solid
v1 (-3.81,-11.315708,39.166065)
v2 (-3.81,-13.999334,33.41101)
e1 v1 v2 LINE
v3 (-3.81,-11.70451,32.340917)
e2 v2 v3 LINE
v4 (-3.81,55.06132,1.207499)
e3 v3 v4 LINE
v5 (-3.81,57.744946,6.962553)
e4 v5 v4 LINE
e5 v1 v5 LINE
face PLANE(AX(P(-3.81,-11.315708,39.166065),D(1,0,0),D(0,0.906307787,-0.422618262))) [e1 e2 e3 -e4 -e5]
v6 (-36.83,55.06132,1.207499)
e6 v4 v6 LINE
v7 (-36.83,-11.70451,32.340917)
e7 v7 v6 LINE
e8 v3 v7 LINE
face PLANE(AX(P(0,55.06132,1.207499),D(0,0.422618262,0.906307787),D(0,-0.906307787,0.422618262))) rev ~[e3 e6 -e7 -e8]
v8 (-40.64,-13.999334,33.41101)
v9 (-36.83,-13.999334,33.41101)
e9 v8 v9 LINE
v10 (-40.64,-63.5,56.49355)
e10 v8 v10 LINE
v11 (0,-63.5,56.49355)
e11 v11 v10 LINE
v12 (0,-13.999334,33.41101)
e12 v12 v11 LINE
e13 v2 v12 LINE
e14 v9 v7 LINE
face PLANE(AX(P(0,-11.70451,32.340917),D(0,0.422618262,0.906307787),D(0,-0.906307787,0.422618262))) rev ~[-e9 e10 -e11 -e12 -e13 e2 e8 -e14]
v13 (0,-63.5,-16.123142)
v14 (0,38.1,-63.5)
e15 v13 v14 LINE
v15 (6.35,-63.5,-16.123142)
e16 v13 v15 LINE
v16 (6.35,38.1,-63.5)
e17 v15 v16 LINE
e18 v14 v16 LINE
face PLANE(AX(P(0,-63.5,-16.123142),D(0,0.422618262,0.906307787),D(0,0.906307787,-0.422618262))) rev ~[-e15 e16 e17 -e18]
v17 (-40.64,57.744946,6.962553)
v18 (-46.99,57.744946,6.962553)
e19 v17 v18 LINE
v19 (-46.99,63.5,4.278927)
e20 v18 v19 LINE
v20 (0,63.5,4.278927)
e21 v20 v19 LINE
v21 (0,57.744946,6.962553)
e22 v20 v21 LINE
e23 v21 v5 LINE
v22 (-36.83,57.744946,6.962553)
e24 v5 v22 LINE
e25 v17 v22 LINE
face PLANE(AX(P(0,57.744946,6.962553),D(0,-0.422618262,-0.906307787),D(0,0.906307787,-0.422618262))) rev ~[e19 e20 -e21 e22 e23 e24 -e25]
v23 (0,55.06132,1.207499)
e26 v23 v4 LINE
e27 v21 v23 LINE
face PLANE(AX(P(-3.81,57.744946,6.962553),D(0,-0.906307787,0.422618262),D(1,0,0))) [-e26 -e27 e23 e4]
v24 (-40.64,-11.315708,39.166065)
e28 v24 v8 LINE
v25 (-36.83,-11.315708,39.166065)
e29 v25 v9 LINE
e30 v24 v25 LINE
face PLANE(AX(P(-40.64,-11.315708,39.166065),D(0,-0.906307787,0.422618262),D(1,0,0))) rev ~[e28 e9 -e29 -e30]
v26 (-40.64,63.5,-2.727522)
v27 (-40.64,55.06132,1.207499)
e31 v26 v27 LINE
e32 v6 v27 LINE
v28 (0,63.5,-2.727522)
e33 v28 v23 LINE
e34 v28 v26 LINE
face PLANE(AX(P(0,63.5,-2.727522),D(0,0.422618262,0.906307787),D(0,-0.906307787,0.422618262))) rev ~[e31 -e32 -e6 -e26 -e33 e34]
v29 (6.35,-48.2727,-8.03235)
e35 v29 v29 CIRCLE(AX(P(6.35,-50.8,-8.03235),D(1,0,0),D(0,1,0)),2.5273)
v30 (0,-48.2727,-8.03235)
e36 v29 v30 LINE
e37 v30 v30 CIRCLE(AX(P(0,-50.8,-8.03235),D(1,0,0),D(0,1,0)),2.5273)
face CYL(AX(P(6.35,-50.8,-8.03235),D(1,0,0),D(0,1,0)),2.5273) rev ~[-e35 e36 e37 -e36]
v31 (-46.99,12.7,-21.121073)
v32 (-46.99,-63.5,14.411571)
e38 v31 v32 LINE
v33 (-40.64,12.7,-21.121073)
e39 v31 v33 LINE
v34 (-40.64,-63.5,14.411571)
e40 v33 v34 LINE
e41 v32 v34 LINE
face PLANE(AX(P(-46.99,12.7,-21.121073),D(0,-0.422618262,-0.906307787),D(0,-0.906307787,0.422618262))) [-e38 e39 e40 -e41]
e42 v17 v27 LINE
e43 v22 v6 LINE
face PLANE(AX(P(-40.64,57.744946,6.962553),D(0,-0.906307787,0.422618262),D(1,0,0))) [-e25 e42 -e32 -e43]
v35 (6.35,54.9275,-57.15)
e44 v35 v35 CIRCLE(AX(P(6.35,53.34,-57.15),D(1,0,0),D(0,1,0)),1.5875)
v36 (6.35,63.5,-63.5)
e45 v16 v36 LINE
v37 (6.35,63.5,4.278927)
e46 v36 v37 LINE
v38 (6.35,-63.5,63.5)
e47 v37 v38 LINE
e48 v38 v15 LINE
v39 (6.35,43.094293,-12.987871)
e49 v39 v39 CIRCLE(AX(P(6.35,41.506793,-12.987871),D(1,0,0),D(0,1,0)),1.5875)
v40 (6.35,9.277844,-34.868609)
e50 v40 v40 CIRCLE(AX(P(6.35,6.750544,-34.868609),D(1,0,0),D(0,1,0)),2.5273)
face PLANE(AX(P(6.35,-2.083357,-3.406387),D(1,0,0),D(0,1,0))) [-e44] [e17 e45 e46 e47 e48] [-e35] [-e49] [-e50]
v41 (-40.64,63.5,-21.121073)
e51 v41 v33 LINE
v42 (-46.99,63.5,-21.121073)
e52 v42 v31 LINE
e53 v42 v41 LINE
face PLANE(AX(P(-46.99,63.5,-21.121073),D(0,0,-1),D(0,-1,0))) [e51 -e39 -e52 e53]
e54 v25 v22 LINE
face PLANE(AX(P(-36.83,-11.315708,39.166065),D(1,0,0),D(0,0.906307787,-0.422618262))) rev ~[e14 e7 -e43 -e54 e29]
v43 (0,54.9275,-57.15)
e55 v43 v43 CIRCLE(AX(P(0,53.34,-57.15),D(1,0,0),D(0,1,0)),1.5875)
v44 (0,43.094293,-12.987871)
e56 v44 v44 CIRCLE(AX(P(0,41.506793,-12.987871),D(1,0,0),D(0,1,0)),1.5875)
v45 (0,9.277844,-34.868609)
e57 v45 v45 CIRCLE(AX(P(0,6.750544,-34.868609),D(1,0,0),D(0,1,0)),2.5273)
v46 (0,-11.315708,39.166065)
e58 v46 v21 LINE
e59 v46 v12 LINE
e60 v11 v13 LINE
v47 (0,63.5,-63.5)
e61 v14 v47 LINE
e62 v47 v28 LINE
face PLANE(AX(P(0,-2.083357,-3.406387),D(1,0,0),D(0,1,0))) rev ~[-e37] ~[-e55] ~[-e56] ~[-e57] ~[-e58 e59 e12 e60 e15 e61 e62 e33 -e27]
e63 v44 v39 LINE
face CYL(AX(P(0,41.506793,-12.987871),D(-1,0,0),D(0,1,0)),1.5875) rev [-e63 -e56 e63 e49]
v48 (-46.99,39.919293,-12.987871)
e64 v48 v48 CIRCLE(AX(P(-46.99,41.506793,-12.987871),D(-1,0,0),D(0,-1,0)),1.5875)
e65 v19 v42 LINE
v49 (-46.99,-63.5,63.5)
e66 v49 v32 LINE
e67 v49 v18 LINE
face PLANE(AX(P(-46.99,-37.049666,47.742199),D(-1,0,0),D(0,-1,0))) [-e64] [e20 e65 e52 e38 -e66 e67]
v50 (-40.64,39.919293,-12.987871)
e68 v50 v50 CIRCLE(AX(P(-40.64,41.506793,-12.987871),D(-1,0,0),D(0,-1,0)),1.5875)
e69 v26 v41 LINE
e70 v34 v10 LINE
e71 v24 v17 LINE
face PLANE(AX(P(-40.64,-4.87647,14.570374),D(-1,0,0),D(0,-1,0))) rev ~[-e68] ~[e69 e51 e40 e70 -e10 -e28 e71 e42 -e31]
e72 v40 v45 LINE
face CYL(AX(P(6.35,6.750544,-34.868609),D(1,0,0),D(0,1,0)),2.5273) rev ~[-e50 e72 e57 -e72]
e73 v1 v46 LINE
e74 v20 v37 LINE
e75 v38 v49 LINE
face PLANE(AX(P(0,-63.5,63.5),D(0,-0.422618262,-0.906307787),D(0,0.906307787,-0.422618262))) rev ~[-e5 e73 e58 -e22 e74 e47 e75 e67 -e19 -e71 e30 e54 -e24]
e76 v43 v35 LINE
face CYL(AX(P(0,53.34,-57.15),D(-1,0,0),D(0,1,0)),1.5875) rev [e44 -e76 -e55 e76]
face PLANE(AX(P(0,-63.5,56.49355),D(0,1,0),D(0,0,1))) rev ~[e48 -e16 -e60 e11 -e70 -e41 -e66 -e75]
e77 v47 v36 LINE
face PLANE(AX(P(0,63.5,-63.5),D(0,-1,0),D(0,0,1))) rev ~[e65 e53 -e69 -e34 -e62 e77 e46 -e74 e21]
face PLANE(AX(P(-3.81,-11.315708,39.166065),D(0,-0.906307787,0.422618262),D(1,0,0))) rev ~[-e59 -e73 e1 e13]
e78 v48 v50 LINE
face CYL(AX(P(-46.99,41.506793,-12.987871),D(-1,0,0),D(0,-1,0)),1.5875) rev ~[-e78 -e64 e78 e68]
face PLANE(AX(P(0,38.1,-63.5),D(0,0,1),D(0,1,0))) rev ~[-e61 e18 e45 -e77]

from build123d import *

# Parameters (mm, degrees)
F0_R     = 1.5875
F1_DEPTH = 6.35
F3_DEPTH = 46.99
F4_R     = 1.5875
F5_DEPTH = 6.35
F6_W     = 3.81
F6_H     = 76.2
F7_DEPTH = 6.35
F8_R     = 2.5273
F9_DEPTH = 6.35


with BuildPart() as f1:
    # F0 (on Right) → F1 (new body)
    with BuildSketch(Plane.YZ):
        Polygon((63.5, -63.5), (63.5, 4.2789274143), (-63.5, 63.5), (-63.5, -16.1231419315), (38.1, -63.5), align=None)
        with Locations((53.34, -57.15)):
            Circle(F0_R, mode=Mode.SUBTRACT)
        with Locations((41.5067932579, -12.9878712221)):
            Circle(F0_R, mode=Mode.SUBTRACT)
    extrude(amount=F1_DEPTH)

    # F2 (on face) → F3 (join)
    with BuildSketch(Plane(origin=(0, 0, 0), x_dir=(0, -1, 0), z_dir=(-1, 0, 0))):
        Polygon((11.7045099709, 32.3409165561), (63.5, 56.4935502146), (63.5, 63.5), (9.0208840088, 38.0959710038), align=None)
        Polygon((-63.5, -2.7275223711), (-55.0613195903, 1.2074989287), (-57.7449455523, 6.9625533764), (-63.5, 4.2789274143), align=None)
        Polygon((-55.0613195903, 1.2074989287), (11.7045099709, 32.3409165561), (9.0208840088, 38.0959710038), (-57.7449455523, 6.9625533764), align=None)
    extrude(amount=F3_DEPTH)

    # F4 (on face) → F5 (join)
    with BuildSketch(Plane(origin=(-46.99, 0, 0), x_dir=(0, -1, 0), z_dir=(-1, 0, 0))):
        Polygon((63.5, 63.5), (-63.5, 4.2789274143), (-63.5, -21.1210725857), (-12.7, -21.1210725857), (63.5, 14.4115709657), align=None)
        with Locations((-41.5067932579, -12.9878712221)):
            Circle(F4_R, mode=Mode.SUBTRACT)
    extrude(amount=-F5_DEPTH)

    # F6 (on face) → F7 (cut, through all)
    with BuildSketch(Plane(origin=(0, 12.9804176766, 27.8365955385), x_dir=(1, 0, 0), z_dir=(0, 0.4226182617, 0.906307787))):
        with Locations((-1.905, 11.2921916109)):
            Rectangle(F6_W, F6_H)
        with Locations((-38.735, 11.2921916109)):
            Rectangle(F6_W, F6_H)
    extrude(amount=-F7_DEPTH, mode=Mode.SUBTRACT)

    # F8 (on face) → F9 (cut, through all)
    with BuildSketch(Plane.YZ.offset(6.35)):
        with Locations((-50.8, -8.0323496192)):
            Circle(F8_R)
        with Locations((6.7505444768, -34.8686092397)):
            Circle(F8_R)
    extrude(amount=-F9_DEPTH, mode=Mode.SUBTRACT)


solid = f1.part
